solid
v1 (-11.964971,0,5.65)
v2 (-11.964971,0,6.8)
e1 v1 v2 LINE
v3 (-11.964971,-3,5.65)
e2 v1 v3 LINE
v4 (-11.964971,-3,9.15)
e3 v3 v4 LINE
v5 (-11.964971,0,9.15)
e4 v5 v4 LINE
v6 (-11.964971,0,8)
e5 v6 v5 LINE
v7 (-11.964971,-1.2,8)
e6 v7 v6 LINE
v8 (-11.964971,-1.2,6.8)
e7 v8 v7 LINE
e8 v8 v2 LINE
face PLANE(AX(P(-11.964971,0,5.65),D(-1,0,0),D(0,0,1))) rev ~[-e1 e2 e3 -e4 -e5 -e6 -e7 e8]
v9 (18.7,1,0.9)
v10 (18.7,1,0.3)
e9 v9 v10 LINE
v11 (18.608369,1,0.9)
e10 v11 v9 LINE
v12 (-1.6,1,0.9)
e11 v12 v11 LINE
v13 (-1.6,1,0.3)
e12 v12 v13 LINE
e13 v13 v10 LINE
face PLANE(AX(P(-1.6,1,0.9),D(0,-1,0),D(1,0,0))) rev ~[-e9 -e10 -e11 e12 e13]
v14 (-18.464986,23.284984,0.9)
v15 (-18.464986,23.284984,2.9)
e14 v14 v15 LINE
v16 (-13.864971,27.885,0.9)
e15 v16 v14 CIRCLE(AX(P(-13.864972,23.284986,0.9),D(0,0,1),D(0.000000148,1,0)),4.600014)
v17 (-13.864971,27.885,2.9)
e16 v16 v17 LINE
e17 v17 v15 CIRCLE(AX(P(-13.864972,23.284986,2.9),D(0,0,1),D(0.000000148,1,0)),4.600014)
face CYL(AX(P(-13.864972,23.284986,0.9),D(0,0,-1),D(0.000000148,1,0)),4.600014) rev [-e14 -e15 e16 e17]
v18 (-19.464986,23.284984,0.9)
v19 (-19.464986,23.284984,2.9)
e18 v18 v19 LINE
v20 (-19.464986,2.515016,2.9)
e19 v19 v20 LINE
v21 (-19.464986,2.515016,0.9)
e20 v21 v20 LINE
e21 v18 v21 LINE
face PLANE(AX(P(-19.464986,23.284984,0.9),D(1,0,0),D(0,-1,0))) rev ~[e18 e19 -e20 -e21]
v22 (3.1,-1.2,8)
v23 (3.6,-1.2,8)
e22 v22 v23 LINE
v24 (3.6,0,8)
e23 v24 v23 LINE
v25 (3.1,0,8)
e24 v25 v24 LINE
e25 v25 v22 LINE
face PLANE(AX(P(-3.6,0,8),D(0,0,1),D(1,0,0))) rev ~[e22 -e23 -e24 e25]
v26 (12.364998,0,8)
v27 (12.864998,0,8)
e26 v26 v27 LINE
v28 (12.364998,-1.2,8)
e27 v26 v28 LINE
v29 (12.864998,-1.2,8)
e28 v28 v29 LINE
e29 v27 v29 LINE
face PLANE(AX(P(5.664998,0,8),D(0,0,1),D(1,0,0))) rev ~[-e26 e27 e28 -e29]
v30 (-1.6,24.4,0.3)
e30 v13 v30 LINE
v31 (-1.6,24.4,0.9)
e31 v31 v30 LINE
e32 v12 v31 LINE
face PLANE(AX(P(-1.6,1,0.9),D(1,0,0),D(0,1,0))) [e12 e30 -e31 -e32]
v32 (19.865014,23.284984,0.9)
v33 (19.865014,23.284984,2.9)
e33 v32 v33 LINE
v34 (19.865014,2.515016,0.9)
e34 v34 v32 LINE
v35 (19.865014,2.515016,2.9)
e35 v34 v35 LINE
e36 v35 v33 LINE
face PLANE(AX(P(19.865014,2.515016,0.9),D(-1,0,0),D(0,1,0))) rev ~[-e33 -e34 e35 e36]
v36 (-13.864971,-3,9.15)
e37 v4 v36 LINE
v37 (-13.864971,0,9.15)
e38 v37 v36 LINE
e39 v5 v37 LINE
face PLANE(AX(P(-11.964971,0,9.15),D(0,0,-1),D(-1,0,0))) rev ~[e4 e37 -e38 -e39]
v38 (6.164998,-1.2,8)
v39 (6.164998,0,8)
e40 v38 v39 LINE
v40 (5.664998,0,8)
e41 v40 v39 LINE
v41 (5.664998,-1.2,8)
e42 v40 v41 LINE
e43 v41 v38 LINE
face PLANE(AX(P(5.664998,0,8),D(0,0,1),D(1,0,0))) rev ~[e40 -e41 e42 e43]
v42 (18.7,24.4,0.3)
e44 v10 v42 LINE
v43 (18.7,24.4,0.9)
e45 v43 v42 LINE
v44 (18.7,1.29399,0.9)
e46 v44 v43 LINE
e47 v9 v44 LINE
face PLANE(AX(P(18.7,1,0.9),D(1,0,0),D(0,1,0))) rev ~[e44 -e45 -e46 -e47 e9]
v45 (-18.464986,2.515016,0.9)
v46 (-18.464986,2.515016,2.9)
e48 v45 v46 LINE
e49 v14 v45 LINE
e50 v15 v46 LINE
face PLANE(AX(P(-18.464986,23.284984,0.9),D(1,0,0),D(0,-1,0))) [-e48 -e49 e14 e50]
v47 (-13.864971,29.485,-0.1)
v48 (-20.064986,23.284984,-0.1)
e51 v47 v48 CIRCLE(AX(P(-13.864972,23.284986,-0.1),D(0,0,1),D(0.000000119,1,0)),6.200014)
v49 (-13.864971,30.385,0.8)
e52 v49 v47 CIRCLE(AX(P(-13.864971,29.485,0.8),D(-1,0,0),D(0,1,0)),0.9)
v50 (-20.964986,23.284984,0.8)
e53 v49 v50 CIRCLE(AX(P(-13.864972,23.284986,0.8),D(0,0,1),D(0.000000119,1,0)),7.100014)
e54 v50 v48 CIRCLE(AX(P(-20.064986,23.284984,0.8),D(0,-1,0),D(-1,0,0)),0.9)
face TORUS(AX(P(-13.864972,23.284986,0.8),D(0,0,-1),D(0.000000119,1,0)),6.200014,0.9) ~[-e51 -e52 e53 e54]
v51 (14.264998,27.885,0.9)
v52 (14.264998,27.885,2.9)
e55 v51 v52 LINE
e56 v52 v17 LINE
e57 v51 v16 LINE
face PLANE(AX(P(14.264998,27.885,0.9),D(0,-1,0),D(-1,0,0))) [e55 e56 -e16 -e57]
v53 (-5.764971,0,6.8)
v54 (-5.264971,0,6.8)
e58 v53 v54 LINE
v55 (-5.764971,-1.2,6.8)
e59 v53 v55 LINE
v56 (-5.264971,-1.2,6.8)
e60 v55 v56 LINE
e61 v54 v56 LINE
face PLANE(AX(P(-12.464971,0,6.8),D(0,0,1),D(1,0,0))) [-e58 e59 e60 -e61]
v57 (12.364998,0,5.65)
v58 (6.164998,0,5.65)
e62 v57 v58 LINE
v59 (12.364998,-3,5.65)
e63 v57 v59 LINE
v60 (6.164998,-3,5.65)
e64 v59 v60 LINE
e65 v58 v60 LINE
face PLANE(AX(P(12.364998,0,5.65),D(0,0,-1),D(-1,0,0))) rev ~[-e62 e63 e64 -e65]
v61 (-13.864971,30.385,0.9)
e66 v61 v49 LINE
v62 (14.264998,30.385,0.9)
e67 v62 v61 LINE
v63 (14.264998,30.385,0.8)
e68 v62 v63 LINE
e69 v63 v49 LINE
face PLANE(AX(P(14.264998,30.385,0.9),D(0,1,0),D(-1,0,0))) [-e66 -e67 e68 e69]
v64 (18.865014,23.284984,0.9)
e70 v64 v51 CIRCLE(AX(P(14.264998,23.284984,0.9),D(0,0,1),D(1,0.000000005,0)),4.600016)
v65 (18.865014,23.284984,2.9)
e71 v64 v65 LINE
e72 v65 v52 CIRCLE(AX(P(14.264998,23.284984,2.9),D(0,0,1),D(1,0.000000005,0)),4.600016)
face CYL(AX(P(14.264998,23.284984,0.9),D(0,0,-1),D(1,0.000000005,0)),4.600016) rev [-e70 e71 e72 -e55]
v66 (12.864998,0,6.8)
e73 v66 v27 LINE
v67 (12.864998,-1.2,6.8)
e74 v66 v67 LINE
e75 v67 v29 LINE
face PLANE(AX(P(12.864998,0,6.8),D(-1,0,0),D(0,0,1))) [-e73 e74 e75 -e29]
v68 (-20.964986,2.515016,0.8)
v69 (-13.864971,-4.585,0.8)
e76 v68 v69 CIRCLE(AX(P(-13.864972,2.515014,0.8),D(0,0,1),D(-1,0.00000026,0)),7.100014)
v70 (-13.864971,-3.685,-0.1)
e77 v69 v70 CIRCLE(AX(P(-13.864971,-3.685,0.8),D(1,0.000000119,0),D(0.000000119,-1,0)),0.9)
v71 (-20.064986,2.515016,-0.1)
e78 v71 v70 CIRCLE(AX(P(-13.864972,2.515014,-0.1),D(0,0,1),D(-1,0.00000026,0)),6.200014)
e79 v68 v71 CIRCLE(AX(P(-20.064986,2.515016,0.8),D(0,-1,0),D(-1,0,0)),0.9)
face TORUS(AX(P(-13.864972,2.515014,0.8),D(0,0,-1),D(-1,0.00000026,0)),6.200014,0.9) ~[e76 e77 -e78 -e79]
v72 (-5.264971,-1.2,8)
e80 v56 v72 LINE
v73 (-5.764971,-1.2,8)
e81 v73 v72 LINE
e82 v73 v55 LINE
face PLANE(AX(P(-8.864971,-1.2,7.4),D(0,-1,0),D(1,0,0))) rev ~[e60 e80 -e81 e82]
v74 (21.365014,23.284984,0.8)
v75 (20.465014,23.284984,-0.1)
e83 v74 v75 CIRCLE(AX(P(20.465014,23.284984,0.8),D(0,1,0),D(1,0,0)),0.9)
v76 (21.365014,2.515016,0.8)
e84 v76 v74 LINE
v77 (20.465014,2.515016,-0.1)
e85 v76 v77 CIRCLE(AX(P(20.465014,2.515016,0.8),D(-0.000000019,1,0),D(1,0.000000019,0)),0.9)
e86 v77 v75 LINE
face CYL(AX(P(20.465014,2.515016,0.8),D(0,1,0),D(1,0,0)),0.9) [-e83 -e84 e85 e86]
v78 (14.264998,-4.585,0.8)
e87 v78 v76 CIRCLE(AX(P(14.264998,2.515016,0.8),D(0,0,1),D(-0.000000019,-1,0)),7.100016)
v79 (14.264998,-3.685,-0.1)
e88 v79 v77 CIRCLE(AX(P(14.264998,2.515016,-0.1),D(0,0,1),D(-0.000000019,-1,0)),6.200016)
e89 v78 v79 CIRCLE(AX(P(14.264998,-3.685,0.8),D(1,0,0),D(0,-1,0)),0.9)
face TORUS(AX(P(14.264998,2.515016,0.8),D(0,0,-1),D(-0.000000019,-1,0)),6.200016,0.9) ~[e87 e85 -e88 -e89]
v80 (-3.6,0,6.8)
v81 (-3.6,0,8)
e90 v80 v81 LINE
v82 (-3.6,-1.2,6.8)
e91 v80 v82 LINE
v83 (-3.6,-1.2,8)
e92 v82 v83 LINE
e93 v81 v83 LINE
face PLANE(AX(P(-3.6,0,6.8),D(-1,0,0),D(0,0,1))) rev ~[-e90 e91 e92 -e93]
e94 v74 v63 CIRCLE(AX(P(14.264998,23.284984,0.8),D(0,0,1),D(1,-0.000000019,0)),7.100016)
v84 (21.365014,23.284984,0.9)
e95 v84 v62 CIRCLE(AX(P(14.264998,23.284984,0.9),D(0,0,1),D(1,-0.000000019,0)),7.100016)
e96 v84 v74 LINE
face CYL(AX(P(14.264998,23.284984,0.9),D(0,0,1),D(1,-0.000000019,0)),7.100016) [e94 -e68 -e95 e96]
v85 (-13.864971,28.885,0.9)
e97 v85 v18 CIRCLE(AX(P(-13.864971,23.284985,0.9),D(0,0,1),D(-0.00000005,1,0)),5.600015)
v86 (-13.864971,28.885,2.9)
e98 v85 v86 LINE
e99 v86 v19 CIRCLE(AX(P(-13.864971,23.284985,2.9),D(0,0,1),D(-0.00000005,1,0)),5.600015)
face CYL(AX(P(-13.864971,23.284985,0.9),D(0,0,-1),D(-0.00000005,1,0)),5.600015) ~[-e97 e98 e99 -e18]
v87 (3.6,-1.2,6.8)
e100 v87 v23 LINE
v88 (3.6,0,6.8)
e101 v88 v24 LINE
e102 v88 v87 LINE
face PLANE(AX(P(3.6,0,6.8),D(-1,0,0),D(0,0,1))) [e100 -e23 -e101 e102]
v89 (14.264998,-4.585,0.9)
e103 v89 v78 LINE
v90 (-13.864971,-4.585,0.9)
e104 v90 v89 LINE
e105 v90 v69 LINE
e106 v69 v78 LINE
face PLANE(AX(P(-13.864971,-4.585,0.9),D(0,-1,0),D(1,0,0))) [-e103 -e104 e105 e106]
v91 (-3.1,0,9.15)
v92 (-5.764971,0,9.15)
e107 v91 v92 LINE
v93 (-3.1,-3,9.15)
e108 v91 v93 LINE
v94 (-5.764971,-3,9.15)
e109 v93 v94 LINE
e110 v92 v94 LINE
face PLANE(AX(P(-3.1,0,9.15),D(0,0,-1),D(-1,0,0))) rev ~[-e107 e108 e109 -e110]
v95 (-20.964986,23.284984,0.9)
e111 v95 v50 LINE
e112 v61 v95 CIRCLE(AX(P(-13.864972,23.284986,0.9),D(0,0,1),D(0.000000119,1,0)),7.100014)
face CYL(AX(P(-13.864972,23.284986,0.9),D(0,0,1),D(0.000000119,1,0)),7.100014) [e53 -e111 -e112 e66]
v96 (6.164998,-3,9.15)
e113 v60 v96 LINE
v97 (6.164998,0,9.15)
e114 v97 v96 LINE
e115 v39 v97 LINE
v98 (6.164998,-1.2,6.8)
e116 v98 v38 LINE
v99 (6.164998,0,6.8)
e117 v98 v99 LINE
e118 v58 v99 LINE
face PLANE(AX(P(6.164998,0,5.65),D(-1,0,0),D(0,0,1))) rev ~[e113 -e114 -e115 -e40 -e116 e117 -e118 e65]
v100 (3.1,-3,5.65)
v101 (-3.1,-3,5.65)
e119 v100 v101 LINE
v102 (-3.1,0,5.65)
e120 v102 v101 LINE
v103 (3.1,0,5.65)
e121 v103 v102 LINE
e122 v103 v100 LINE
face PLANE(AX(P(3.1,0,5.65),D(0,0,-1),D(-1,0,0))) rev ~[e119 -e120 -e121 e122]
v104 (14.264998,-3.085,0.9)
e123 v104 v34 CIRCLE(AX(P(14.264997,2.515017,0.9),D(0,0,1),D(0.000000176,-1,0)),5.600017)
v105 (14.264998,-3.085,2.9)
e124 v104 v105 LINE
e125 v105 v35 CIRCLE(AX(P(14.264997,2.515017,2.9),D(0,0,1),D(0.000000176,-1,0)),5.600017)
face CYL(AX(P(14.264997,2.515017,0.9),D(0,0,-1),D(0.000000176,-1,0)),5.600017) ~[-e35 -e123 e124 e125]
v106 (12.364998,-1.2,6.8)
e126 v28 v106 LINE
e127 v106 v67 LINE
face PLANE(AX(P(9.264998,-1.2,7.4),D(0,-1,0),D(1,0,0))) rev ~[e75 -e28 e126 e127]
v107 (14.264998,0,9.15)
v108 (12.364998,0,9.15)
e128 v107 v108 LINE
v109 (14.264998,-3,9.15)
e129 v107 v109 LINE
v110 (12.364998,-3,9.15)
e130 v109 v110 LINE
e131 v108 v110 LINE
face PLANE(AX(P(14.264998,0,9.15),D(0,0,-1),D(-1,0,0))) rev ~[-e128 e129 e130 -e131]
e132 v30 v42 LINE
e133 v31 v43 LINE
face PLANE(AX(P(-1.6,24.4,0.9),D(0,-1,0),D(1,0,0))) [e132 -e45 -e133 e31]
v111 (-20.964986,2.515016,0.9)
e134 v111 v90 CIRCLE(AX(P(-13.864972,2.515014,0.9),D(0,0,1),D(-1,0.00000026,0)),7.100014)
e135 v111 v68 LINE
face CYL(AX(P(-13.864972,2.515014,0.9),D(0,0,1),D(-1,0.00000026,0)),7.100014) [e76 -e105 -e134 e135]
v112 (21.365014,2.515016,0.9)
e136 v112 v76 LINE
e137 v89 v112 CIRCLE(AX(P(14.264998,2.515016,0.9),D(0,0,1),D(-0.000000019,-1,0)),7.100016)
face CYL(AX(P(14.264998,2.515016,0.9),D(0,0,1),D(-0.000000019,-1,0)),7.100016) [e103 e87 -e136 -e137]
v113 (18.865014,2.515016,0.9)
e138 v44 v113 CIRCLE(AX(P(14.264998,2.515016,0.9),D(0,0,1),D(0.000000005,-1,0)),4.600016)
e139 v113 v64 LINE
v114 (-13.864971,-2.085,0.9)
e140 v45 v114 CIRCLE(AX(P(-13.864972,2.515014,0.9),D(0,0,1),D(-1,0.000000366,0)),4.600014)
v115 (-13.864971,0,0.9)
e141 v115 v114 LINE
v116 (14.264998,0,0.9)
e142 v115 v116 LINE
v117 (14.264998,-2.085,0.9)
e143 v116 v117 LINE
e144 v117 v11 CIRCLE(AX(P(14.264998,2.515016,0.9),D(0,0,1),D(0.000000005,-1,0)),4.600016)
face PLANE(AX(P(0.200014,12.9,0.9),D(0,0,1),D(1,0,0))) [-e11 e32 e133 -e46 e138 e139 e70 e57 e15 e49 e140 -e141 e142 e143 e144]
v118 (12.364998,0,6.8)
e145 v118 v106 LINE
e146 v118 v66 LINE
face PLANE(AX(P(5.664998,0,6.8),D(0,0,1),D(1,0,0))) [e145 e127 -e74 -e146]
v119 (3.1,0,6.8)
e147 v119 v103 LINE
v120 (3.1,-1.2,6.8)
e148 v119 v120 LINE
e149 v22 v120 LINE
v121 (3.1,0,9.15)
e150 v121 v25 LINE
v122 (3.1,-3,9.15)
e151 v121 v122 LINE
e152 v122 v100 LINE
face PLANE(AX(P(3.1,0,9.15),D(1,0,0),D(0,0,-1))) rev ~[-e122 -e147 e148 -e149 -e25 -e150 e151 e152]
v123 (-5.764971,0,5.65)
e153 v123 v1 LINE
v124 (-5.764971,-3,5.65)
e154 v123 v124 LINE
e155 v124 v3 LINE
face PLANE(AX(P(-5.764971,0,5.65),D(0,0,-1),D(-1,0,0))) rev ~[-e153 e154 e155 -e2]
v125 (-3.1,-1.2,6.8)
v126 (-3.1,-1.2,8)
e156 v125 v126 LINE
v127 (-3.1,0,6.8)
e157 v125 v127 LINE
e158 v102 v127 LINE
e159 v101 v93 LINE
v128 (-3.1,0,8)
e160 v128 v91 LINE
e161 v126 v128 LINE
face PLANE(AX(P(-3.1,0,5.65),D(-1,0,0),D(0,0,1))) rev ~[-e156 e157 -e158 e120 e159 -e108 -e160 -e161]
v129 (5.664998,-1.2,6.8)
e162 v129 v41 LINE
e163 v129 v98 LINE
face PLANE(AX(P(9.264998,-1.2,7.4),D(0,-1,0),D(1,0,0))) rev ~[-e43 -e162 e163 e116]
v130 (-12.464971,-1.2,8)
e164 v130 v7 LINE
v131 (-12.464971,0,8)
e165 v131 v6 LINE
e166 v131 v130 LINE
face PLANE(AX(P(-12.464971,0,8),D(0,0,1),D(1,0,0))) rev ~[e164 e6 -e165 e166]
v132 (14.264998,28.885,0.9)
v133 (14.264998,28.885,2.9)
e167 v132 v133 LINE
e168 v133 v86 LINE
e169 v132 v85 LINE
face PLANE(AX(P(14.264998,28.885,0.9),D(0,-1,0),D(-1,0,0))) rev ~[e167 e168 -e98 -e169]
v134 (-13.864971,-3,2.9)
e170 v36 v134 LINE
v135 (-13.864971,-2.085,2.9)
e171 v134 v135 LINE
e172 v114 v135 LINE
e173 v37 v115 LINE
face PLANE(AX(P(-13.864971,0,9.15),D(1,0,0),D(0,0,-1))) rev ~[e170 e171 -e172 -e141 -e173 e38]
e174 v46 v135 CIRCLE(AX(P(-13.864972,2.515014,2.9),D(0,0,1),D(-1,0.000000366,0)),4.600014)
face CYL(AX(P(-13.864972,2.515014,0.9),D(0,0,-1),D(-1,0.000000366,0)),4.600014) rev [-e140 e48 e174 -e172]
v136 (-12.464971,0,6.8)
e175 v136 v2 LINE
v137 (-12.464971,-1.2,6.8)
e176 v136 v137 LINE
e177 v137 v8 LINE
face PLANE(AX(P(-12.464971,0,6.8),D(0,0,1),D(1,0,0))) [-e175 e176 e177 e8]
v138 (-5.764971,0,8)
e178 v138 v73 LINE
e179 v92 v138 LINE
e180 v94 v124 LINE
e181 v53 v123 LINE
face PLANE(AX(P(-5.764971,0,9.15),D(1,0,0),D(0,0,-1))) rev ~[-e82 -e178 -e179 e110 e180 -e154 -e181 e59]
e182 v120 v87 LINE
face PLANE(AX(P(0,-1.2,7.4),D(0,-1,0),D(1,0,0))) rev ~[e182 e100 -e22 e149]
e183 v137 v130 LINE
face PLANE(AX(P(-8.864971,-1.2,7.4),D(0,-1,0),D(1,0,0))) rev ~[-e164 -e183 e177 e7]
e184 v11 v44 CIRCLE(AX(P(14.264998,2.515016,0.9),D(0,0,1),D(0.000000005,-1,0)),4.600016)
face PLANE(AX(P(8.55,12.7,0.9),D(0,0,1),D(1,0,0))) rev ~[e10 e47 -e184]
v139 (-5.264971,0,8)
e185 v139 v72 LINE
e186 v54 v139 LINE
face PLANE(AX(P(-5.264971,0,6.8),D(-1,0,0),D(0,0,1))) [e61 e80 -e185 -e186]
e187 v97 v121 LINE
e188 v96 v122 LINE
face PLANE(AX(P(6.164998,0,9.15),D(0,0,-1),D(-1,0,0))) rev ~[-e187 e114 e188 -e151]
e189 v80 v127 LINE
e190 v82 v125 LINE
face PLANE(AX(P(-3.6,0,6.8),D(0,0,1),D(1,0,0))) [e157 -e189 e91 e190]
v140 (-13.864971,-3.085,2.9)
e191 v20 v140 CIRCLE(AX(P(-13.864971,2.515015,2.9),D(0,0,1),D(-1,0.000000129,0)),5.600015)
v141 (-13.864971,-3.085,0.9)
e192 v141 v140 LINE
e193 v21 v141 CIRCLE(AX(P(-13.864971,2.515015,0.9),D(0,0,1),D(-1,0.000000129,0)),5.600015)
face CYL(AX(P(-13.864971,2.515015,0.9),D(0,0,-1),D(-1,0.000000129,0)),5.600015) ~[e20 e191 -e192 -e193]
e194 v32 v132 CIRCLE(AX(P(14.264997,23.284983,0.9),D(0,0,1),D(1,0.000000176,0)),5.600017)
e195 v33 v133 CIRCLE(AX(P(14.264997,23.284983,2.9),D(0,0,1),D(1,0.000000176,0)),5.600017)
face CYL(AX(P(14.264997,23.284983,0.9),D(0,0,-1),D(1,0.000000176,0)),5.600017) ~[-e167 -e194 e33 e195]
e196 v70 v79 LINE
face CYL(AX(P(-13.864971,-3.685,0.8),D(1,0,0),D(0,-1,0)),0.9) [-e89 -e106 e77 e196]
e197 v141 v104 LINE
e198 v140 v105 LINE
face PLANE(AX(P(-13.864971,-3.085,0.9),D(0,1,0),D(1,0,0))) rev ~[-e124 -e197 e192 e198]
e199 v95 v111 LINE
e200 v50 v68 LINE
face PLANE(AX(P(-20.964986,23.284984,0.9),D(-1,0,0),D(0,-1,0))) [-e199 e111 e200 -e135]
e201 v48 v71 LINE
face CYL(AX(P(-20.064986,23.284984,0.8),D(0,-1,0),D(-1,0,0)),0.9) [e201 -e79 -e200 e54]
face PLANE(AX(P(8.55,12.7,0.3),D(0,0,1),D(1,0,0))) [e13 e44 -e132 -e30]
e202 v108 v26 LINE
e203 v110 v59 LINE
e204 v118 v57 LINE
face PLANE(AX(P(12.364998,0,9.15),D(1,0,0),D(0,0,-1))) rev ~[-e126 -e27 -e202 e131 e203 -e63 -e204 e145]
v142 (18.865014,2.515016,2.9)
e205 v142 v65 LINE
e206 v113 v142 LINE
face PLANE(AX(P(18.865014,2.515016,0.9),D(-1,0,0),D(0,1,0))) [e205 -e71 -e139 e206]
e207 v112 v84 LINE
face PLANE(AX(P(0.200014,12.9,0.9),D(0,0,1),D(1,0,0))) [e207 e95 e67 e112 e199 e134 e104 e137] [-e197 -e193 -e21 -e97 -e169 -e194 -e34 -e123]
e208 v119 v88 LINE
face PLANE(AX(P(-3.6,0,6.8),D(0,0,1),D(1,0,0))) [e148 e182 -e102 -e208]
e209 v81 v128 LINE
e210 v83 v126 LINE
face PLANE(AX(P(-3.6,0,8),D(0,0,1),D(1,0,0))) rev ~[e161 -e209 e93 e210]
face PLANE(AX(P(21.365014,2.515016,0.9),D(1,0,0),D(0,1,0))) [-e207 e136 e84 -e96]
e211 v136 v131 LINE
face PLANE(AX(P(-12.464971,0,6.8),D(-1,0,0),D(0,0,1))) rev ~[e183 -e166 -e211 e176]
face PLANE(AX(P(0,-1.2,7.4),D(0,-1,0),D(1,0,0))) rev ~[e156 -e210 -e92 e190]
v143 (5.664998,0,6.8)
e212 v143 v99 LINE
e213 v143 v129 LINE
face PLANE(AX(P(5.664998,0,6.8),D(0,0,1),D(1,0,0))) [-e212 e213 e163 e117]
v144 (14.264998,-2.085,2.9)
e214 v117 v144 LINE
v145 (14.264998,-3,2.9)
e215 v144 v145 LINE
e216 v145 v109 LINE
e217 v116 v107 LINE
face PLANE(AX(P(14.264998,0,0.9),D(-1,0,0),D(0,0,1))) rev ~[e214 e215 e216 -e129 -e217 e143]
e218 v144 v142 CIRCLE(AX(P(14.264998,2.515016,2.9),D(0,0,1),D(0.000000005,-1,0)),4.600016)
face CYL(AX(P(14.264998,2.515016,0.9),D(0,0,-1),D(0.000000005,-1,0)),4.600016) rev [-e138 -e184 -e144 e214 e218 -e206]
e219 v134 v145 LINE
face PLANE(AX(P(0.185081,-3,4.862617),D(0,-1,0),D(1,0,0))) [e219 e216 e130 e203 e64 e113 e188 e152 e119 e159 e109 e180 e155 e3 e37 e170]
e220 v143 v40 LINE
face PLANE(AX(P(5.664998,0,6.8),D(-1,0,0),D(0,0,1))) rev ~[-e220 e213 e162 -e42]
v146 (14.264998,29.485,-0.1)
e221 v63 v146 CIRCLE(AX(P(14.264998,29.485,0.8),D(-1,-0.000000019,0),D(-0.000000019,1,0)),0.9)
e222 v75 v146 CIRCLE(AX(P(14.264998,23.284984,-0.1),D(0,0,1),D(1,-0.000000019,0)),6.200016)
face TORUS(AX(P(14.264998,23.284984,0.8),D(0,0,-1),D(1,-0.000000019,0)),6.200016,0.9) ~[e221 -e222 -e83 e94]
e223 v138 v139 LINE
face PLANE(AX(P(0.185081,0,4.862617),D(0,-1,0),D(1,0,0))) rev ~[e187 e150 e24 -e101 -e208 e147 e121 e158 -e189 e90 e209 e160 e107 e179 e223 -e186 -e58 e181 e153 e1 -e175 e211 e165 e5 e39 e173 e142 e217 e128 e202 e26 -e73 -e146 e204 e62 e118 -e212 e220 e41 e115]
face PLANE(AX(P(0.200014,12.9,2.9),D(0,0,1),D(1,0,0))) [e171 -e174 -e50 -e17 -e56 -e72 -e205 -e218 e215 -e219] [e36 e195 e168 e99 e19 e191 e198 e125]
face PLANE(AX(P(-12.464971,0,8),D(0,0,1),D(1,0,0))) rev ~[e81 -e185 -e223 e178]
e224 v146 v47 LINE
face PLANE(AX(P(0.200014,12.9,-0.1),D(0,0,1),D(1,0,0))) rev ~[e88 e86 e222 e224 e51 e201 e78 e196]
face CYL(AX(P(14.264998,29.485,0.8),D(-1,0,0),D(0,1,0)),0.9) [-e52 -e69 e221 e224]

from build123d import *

# Parameters (mm, degrees)
PAD007_DEPTH    = 2
PAD008_DEPTH    = 1
SKETCH021_W     = 20.3
SKETCH021_H     = 23.4
POCKET008_DEPTH = 0.6
PAD009_DEPTH    = 3
SKETCH024_W     = 7.2
SKETCH024_H     = 1.2
POCKET010_DEPTH = 1.2
FILLET002_R     = 0.9


with BuildPart() as part:
    # Sketch019 → Pad007 (new body)
    with BuildSketch(Plane.XY):
        with BuildLine():
            Line((-13.864971, -3.085), (14.264998, -3.085))
            ThreePointArc((14.264998, -3.085), (18.224807, -1.444793), (19.865014, 2.515016))
            Line((19.865014, 2.515016), (19.865014, 23.284984))
            ThreePointArc((19.865014, 23.284984), (18.224807, 27.244793), (14.264998, 28.885))
            Line((14.264998, 28.885), (-13.864971, 28.885))
            ThreePointArc((-13.864971, 28.885), (-17.82478, 27.244793), (-19.464986, 23.284984))
            Line((-19.464986, 23.284984), (-19.464986, 2.515016))
            ThreePointArc((-19.464986, 2.515016), (-17.82478, -1.444793), (-13.864971, -3.085))
        make_face()
        with BuildLine():
            Line((-18.464986, 23.284984), (-18.464986, 2.515016))
            ThreePointArc((-18.464986, 2.515016), (-17.117673, -0.737687), (-13.864971, -2.085))
            Line((-13.864971, -2.085), (14.264998, -2.085))
            ThreePointArc((14.264998, -2.085), (17.5177, -0.737687), (18.865014, 2.515016))
            Line((18.865014, 2.515016), (18.865014, 23.284984))
            ThreePointArc((18.865014, 23.284984), (17.5177, 26.537687), (14.264998, 27.885))
            Line((14.264998, 27.885), (-13.864971, 27.885))
            ThreePointArc((-13.864971, 27.885), (-17.117673, 26.537687), (-18.464986, 23.284984))
        make_face(mode=Mode.SUBTRACT)
    extrude(amount=PAD007_DEPTH)

    # Sketch020 → Pad008 (join)
    with BuildSketch(Plane.XY):
        with BuildLine():
            Line((-20.964986, 23.284984), (-20.964986, 2.515016))
            ThreePointArc((-20.964986, 2.515016), (-18.88544, -2.505454), (-13.864971, -4.585))
            Line((-13.864971, -4.585), (14.264998, -4.585))
            ThreePointArc((14.264998, -4.585), (19.285467, -2.505454), (21.365014, 2.515016))
            Line((21.365014, 2.515016), (21.365014, 23.284984))
            ThreePointArc((21.365014, 23.284984), (19.285467, 28.305454), (14.264998, 30.385))
            Line((14.264998, 30.385), (-13.864971, 30.385))
            ThreePointArc((-13.864971, 30.385), (-18.88544, 28.305454), (-20.964986, 23.284984))
        make_face()
    extrude(amount=-PAD008_DEPTH)

    # Sketch021 → Pocket008 (cut)
    with BuildSketch(Plane.XY):
        with Locations((8.55, 12.7)):
            Rectangle(SKETCH021_W, SKETCH021_H)
    extrude(amount=-POCKET008_DEPTH, mode=Mode.SUBTRACT)

    # Sketch023 → Pad009 (join)
    with BuildSketch(Plane.XZ):
        Polygon((-13.864971, 0), (14.264998, 0), (14.264998, 8.25), (12.364998, 8.25), (12.364998, 4.75), (6.164998, 4.75), (6.164998, 8.25), (3.1, 8.25), (3.1, 4.75), (-3.1, 4.75), (-3.1, 8.25), (-5.764971, 8.25), (-5.764971, 4.75), (-11.964971, 4.75), (-11.964971, 8.25), (-13.864971, 8.25), align=None)
    extrude(amount=PAD009_DEPTH)

    # Sketch024 → Pocket010 (cut)
    with BuildSketch(Plane.XZ):
        with Locations((-8.864971, 6.5)):
            Rectangle(SKETCH024_W, SKETCH024_H)
        with Locations((0, 6.5)):
            Rectangle(SKETCH024_W, SKETCH024_H)
        with Locations((9.264998, 6.5)):
            Rectangle(SKETCH024_W, SKETCH024_H)
    extrude(amount=POCKET010_DEPTH, mode=Mode.SUBTRACT)

    # Fillet002
    fillet002_edges = [part.edges().sort_by_distance(p)[0] for p in [
        (-20.964986, 12.9, -1),
        (-18.88544, 28.305454, -1),
        (0.200014, 30.385, -1),
        (19.285467, 28.305454, -1),
        (21.365014, 12.9, -1),
        (19.285467, -2.505454, -1),
        (0.200014, -4.585, -1),
        (-18.88544, -2.505454, -1),
    ]]
    fillet(fillet002_edges, radius=FILLET002_R)


with BuildPart() as part_1:
    # Body004 placement: moved
    add(part.part.moved(Location((0, 0, 0.9))))


solid = part_1.part
